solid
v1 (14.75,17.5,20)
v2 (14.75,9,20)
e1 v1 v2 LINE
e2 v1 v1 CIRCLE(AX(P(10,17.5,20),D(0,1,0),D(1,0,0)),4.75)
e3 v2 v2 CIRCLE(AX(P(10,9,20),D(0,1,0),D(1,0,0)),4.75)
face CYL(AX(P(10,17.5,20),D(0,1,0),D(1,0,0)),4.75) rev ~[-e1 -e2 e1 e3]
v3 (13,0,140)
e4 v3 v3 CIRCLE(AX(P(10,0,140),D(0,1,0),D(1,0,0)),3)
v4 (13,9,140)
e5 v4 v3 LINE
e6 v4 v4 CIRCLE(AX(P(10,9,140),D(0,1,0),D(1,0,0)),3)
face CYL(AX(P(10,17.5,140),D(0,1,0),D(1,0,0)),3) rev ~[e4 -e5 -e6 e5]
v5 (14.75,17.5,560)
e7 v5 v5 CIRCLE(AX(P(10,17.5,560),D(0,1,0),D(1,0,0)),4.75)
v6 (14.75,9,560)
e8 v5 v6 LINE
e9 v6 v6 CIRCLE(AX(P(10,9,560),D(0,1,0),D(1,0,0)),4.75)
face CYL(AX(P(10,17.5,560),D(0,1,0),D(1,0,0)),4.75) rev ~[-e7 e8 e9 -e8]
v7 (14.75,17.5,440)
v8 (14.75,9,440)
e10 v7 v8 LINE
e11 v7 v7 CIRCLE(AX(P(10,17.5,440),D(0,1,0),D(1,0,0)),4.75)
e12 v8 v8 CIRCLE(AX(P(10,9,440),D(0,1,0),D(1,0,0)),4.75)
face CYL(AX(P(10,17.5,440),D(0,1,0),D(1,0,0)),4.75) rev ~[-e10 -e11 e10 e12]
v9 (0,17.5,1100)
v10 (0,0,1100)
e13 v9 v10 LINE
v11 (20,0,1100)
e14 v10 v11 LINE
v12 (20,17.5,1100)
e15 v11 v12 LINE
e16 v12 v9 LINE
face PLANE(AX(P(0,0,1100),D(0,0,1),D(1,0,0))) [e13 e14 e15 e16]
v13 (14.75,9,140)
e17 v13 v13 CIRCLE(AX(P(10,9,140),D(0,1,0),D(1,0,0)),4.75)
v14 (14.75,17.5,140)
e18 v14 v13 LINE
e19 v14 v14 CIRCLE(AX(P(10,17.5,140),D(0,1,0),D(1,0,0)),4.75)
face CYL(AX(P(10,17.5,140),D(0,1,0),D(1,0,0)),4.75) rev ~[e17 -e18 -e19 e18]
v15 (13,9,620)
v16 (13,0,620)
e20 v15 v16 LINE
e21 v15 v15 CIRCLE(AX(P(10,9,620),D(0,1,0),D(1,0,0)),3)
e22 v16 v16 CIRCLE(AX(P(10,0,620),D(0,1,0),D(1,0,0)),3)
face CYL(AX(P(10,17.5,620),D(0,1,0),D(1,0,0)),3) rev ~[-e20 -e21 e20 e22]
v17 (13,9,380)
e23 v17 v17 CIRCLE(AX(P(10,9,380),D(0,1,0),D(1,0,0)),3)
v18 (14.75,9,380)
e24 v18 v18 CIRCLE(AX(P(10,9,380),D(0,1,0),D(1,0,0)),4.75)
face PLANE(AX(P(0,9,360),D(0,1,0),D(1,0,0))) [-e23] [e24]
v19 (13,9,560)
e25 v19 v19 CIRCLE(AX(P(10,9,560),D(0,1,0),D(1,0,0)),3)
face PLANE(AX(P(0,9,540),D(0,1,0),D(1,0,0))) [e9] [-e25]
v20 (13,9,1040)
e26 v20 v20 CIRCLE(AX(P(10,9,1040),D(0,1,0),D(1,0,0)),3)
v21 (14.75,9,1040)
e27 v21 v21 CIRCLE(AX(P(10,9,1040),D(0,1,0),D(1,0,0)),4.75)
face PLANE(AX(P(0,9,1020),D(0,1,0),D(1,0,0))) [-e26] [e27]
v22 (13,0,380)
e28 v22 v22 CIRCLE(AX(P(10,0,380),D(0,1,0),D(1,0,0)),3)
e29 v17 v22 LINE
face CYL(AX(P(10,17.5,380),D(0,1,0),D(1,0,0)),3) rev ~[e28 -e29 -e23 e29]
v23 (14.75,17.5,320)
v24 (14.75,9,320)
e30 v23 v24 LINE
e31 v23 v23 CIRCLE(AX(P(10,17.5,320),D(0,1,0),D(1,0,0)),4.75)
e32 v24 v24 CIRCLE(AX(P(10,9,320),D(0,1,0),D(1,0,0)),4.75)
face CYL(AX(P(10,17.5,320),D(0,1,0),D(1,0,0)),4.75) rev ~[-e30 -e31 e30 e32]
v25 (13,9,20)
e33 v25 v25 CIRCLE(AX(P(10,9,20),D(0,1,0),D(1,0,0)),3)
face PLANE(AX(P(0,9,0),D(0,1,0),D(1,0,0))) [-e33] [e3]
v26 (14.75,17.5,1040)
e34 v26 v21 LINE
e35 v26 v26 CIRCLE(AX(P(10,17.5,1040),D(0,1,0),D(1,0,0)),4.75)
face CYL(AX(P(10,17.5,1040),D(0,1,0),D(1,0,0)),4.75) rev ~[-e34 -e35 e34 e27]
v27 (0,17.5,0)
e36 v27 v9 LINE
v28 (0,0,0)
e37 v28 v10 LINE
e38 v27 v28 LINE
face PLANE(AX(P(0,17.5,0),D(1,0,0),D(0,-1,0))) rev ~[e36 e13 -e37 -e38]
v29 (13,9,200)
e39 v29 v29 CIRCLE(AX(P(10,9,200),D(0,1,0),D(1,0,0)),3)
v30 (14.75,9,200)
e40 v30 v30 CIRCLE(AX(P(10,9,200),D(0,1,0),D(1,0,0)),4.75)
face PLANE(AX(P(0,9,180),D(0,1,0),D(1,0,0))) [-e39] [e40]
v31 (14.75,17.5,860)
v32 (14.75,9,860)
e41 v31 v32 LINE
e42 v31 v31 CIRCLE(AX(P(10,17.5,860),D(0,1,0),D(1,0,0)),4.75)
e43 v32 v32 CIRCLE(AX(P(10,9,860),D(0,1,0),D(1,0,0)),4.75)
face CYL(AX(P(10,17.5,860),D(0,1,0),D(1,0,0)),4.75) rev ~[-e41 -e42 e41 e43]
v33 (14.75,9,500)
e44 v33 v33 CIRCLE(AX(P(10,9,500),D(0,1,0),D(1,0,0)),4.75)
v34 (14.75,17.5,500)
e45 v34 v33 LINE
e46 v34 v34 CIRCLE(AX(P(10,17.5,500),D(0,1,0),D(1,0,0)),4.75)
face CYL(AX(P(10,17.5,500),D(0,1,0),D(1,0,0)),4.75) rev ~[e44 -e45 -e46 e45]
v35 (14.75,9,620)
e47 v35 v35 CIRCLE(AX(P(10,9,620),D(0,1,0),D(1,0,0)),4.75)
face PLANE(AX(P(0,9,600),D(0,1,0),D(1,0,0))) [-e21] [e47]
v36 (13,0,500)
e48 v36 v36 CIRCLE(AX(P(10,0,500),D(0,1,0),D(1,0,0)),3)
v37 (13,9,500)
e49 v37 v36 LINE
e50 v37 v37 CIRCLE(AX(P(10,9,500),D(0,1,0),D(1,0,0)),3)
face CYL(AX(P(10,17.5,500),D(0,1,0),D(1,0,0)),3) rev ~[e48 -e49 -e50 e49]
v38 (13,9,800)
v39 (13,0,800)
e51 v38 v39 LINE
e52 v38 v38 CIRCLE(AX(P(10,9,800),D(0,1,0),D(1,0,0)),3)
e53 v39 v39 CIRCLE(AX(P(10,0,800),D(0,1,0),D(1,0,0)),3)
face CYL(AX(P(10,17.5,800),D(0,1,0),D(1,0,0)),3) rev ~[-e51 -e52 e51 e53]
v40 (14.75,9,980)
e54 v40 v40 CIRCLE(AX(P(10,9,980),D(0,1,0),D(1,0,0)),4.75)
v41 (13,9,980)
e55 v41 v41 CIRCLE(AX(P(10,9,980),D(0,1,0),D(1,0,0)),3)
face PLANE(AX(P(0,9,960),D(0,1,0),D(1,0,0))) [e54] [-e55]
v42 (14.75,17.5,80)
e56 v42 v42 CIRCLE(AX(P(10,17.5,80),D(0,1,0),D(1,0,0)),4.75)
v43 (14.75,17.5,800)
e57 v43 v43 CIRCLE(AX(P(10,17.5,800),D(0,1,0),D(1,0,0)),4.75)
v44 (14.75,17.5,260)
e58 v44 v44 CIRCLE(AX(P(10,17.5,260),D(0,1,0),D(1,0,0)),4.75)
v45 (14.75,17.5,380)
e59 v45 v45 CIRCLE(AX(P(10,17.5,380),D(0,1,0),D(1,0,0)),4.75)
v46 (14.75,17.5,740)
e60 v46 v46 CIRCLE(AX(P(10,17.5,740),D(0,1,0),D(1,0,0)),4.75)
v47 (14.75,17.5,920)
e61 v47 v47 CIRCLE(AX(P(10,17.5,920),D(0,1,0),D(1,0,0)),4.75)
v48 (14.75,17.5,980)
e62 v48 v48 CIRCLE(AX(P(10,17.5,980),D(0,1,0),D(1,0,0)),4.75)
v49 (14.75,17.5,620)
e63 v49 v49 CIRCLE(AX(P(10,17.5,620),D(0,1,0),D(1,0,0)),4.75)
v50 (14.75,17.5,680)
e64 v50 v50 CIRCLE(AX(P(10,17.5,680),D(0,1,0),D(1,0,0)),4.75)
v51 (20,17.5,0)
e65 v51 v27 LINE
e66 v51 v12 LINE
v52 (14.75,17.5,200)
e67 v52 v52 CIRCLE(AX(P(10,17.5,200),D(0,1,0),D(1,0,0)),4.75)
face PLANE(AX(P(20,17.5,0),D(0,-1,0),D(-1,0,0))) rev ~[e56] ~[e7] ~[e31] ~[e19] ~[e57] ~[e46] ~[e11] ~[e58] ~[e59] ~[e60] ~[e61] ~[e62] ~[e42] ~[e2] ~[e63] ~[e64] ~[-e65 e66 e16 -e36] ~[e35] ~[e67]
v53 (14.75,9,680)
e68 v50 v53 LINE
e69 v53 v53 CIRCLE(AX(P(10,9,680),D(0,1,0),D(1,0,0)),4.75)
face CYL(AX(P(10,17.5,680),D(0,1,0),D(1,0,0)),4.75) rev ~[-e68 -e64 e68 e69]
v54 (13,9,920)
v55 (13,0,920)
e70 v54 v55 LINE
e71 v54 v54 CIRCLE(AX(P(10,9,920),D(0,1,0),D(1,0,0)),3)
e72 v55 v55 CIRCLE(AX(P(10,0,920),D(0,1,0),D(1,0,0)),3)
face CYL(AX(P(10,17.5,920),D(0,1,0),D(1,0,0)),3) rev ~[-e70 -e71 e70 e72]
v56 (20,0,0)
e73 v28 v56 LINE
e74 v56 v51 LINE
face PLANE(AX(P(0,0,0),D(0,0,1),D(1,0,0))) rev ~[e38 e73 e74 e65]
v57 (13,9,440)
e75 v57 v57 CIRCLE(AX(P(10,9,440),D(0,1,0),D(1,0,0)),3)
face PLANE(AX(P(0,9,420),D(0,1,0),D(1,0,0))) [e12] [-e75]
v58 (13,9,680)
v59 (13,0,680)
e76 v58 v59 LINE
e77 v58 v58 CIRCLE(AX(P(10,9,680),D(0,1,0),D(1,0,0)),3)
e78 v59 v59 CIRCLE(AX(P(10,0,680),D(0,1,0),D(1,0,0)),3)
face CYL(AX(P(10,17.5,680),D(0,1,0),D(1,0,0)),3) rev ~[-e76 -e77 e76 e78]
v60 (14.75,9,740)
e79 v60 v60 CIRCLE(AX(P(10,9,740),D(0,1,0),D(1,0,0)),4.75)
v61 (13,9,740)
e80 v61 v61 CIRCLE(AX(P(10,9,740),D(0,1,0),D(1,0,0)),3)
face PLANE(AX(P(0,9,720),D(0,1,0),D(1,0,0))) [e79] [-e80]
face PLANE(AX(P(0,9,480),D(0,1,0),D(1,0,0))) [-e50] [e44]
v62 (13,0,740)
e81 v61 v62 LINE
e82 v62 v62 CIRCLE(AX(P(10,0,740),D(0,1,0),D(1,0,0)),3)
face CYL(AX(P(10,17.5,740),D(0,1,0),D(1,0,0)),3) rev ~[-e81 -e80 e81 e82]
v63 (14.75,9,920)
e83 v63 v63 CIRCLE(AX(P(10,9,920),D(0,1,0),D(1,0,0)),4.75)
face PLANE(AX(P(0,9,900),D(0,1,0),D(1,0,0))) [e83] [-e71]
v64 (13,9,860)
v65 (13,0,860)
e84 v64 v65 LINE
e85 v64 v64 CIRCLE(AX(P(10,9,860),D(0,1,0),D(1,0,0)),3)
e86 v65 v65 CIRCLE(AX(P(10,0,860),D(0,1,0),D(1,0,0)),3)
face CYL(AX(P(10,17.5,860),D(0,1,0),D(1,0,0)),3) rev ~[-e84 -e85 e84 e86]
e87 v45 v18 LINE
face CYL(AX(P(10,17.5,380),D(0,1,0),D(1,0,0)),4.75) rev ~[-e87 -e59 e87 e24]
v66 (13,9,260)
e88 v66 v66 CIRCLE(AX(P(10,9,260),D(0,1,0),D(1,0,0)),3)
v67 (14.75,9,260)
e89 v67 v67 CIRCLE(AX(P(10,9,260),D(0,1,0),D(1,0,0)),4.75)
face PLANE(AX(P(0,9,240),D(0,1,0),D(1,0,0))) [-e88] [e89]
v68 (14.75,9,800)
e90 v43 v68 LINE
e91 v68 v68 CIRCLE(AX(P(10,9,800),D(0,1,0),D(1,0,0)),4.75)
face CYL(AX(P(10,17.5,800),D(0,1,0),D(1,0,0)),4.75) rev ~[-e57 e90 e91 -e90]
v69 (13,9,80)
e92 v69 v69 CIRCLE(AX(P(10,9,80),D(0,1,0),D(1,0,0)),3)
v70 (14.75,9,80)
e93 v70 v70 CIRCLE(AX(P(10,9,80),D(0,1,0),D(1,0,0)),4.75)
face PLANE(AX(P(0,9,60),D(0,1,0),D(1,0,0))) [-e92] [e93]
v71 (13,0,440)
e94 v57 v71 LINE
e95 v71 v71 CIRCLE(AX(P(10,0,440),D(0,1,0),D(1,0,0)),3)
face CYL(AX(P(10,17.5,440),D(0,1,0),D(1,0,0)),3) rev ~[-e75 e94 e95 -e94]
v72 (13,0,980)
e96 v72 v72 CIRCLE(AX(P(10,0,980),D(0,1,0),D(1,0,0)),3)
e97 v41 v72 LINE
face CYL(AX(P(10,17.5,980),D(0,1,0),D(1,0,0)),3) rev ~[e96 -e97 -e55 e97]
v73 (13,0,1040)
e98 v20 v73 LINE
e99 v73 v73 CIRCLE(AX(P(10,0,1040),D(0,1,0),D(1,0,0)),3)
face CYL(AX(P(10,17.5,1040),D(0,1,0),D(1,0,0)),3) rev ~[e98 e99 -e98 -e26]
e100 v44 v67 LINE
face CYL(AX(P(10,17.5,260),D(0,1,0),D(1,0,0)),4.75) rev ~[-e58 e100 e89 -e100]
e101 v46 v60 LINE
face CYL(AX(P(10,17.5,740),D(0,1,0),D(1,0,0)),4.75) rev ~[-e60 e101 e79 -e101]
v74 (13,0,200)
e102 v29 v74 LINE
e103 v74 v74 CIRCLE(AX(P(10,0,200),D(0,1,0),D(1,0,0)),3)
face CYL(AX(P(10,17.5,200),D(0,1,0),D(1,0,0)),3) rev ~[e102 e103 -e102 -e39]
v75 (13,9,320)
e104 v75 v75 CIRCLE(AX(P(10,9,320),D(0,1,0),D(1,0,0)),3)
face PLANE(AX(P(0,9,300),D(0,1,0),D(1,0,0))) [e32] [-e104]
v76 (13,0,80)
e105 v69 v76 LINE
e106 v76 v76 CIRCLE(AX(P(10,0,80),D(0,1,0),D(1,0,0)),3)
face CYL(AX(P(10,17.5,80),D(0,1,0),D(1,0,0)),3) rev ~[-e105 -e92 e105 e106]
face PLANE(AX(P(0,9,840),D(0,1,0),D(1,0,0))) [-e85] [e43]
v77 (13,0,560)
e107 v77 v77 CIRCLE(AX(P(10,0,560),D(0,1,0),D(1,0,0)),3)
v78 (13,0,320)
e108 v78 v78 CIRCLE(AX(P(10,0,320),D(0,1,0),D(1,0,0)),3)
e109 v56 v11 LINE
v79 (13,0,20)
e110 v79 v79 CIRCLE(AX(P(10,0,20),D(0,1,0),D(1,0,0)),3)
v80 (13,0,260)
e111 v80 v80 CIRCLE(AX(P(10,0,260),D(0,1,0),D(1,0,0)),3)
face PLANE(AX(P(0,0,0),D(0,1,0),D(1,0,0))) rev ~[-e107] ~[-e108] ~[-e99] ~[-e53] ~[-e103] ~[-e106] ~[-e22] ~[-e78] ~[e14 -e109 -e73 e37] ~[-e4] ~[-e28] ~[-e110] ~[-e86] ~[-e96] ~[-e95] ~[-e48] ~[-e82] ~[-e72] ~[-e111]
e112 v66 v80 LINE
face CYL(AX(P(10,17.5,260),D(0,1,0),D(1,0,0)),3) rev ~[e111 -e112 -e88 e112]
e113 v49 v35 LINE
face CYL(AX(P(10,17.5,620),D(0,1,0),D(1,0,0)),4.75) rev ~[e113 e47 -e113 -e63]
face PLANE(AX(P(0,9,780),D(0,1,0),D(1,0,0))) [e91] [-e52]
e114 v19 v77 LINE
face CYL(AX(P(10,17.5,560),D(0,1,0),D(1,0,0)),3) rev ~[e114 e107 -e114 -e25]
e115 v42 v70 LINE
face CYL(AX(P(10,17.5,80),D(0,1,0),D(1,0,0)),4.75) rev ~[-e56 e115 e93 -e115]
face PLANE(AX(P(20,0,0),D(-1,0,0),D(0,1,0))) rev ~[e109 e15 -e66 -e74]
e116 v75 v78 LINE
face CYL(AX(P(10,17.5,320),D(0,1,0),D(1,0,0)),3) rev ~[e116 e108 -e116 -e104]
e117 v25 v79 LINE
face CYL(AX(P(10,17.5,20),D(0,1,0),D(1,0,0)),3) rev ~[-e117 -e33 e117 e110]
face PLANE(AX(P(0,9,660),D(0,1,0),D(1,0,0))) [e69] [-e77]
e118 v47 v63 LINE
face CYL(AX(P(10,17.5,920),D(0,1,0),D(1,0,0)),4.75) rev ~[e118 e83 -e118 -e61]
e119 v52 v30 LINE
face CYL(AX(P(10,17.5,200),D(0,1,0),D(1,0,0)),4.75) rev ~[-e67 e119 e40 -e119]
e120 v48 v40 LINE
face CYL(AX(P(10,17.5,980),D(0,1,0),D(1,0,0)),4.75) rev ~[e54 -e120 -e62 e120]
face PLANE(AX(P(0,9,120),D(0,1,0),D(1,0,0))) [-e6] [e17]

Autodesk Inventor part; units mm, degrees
ref_plane "YZ Plane" through (0, 0, 0) normal (1, 0, 0) x (0, 1, 0)
ref_plane "XZ Plane" through (0, 0, 0) normal (0, 1, 0) x (-1, 0, 0)
ref_plane "XY Plane" through (0, 0, 0) normal (0, 0, 1) x (1, 0, 0)
sketch "Sketch1" plane through (0, 0, 0) normal (0, 0, 1) x (1, 0, 0)
  line L0 (0, 0) -> (20, 0)
  line L1 (20, 0) -> (20, 17.5)
  line L2 (20, 17.5) -> (0, 17.5)
  line L3 (0, 17.5) -> (0, 0)
  dimension "d0" = 20
  dimension "d1" = 17.5
extrude "Extrusion1" add sketch "Sketch1" along normal blind 1100
sketch "Sketch2" plane through (0, 17.5, 0) normal (0, 1, 0) x (1, 0, 0)
  circle A0 centre (10, -20) radius 3
  line L0 (20, 0) -> (0, 0) projected
  point P0 (10, 0)
  dimension "d4" = 6
  dimension "d5" = 20
extrude "Extrusion2" cut sketch "Sketch2" against normal up to surface (17.5 mm away)
sketch "Sketch3" plane through (0, 17.5, 0) normal (0, 1, 0) x (1, 0, 0)
  circle A0 centre (10, -20) radius 4.75
  circle A1 centre (10, -20) radius 3 construction
  point P0 (0, 0)
  dimension "d8" = 9.5
extrude "Extrusion3" cut sketch "Sketch3" against normal blind 8.5
pattern_linear "Rectangular Pattern1" count 18 spacing 60 along (0, 0, 1) of "Extrusion2", "Extrusion3"
properties part number "HGW20CC_Rack"
